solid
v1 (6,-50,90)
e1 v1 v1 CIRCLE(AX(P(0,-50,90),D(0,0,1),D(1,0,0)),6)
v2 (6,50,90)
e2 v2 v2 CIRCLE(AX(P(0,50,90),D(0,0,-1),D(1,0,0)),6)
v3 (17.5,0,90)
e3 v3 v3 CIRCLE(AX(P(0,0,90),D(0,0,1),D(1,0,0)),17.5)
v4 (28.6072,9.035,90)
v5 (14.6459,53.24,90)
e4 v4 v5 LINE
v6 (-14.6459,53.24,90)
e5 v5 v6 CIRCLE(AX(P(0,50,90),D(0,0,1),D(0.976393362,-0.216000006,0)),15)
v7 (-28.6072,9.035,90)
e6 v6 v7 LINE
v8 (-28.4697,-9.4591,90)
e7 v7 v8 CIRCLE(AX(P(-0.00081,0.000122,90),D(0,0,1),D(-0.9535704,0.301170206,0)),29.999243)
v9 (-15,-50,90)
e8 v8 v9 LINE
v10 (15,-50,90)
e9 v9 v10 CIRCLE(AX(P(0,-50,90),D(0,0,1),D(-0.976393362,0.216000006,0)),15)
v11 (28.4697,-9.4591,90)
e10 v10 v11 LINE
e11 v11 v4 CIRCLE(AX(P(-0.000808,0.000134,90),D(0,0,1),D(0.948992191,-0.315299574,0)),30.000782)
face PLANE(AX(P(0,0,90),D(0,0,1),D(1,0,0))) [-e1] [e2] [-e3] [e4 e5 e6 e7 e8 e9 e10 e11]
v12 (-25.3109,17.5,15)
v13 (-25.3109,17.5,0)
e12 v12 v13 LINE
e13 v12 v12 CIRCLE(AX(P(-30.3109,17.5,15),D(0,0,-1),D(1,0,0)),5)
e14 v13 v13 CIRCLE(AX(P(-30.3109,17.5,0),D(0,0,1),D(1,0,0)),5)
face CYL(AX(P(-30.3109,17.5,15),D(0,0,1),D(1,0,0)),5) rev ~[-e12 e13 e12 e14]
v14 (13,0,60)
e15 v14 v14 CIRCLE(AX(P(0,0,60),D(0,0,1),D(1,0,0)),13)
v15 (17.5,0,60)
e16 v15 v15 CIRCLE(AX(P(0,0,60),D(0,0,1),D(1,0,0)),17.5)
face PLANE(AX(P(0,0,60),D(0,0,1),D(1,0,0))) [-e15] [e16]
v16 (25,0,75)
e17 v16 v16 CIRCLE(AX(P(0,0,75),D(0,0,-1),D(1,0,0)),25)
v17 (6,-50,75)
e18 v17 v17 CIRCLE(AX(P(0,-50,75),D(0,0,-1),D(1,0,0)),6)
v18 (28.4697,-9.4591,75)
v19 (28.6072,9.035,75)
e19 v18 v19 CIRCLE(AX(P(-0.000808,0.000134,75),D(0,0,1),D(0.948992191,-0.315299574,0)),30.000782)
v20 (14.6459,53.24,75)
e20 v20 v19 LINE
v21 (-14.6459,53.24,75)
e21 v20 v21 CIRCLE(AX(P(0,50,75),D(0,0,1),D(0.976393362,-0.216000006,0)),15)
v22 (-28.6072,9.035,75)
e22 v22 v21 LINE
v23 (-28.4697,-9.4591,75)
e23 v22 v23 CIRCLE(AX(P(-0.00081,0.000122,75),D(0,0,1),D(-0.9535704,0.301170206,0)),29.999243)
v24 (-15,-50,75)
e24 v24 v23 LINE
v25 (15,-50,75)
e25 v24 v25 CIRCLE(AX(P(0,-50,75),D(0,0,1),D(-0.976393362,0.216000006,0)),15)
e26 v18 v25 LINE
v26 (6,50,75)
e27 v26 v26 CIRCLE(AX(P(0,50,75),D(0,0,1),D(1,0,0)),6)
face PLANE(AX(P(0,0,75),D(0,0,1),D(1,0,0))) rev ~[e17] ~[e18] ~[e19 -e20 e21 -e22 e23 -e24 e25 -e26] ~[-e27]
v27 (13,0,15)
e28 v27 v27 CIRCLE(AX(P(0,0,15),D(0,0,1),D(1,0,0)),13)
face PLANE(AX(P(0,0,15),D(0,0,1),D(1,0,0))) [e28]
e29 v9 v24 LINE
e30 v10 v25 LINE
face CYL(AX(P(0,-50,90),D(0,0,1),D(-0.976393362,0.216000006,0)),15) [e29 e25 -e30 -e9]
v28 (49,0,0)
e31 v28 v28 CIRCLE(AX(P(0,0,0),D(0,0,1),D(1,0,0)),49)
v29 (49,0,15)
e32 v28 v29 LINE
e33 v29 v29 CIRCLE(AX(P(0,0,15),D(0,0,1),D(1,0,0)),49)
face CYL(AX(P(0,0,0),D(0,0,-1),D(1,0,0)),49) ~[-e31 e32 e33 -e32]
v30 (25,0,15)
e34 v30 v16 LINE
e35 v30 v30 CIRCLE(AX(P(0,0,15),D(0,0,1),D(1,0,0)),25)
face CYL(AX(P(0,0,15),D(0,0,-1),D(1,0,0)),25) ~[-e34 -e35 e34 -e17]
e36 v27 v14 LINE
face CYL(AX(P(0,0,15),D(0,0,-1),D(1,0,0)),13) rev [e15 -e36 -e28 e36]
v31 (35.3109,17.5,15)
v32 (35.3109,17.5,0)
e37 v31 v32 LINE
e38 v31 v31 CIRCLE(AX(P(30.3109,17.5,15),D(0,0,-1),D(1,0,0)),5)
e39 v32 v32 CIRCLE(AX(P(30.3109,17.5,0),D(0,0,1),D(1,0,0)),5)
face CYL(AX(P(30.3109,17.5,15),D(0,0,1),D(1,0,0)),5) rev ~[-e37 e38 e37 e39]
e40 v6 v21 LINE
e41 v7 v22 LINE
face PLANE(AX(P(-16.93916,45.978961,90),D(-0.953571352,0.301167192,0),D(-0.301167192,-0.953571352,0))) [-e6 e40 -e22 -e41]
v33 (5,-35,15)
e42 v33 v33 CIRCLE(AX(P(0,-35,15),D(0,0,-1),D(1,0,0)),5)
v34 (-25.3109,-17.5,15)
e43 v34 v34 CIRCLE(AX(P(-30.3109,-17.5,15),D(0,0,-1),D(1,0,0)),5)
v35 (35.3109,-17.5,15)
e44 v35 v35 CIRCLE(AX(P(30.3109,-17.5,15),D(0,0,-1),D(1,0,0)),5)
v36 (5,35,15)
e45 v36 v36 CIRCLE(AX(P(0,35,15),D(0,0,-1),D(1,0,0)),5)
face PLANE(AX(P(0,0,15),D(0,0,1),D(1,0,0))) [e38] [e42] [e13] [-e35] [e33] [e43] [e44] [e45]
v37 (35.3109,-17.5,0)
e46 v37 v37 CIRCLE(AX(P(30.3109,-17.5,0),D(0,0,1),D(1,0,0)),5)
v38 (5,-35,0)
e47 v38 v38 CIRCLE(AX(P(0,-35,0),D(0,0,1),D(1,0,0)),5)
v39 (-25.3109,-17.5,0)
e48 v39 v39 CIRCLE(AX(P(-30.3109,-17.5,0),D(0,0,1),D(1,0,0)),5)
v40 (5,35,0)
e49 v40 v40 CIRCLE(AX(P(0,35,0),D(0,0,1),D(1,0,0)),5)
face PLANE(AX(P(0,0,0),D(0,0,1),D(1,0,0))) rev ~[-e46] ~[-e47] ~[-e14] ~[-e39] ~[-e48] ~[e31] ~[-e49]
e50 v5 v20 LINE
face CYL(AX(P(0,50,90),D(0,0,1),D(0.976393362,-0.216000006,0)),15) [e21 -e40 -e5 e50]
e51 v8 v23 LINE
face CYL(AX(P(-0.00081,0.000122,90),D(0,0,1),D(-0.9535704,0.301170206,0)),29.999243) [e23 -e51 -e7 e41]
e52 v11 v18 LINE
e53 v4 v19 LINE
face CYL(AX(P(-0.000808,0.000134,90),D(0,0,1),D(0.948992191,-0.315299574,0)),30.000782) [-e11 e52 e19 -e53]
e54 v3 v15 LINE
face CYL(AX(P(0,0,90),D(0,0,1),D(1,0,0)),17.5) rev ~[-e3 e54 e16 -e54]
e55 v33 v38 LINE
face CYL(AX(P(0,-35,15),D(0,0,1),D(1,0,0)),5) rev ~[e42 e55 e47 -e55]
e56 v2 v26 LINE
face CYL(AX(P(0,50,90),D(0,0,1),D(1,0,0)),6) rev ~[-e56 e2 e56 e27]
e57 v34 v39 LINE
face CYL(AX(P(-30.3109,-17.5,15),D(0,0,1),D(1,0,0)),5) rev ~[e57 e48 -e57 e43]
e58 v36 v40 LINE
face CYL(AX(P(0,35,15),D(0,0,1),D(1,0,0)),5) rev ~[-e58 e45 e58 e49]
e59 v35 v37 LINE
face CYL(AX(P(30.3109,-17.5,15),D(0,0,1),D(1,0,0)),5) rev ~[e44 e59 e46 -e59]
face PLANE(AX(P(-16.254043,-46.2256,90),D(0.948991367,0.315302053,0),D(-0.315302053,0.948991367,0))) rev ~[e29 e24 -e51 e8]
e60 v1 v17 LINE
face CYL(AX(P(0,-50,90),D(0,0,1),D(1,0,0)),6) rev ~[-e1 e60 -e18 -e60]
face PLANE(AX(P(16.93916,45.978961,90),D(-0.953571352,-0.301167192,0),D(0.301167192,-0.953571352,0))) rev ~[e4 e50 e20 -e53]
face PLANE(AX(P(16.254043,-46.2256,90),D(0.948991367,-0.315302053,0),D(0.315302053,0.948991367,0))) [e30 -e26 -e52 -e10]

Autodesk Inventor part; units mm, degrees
ref_plane "YZ Plane" through (0, 0, 0) normal (1, 0, 0) x (0, 1, 0)
ref_plane "XZ Plane" through (0, 0, 0) normal (0, 1, 0) x (-1, 0, 0)
ref_plane "XY Plane" through (0, 0, 0) normal (0, 0, 1) x (1, 0, 0)
sketch "Sketch1" plane through (0, 0, 0) normal (0, 0, 1) x (1, 0, 0)
  circle A0 centre (0, 0) radius 49
  dimension "d0" = 98
extrude "Extrusion1" add sketch "Sketch1" along normal blind 15
sketch "Sketch2" plane through (0, 0, 15) normal (0, 0, 1) x (1, 0, 0)
  circle A0 centre (0, 0) radius 35
  circle A1 centre (0, 35) radius 5
  circle A2 centre (-30.3109, 17.5) radius 5
  circle A3 centre (-30.3109, -17.5) radius 5
  circle A4 centre (0, -35) radius 5
  circle A5 centre (30.3109, -17.5) radius 5
  circle A6 centre (30.3109, 17.5) radius 5
  dimension "d3" = 70
  dimension "d4" = 10
  dimension "d7" = 360
extrude "Extrusion2" cut sketch "Sketch2" against normal up to next contours A6 A0 | A0 A6 | A5 A0 | A0 A5 | A1 A0 | A0 A1 | A4 A0 | A0 A4 | A2 A0 | A0 A2 | A3 A0 | A0 A3
sketch "Sketch3" plane through (0, 0, 15) normal (0, 0, 1) x (1, 0, 0)
  circle A0 centre (0, 0) radius 25
  dimension "d11" = 50
extrude "Extrusion3" add sketch "Sketch3" along normal blind 75
sketch "Sketch4" plane through (0, 0, 15) normal (0, 0, 1) x (1, 0, 0)
  circle A0 centre (0, 0) radius 13
  dimension "d14" = 26
extrude "Extrusion4" cut sketch "Sketch4" along normal blind 45
sketch "Sketch5" plane through (0, 0, 90) normal (0, 0, 1) x (1, 0, 0)
  line L0 (0, 0) -> (0, 50)
  line L1 (0, 0) -> (0, -50)
  arc A0 (-14.6459, -46.76) -> (14.6459, -46.76) centre (0, -50) ccw
  arc A1 (14.6459, 46.76) -> (-14.6459, 46.76) centre (0, 50) ccw
  circle A2 centre (0, 0) radius 49 projected
  circle A3 centre (0, 50) radius 6
  circle A4 centre (0, -50) radius 6
  line L2 (-15, -50) -> (-28.4697, -9.4591)
  line L3 (15, -50) -> (28.4697, -9.4591)
  line L4 (-14.6459, 53.24) -> (-28.6072, 9.035)
  line L5 (14.6459, 53.24) -> (28.6072, 9.035)
  arc A5 (-28.6072, 9.035) -> (-28.4697, -9.4591) centre (0, 0) ccw
  arc A6 (28.4697, -9.4591) -> (28.6072, 9.035) centre (0, 0) ccw
  point P0 (16.254, -46.2256)
  point P1 (16.9391, 45.979)
  point P2 (-16.9391, 45.979)
  point P3 (-16.254, -46.2256)
  dimension "d17" = 50
  dimension "d18" = 50
  dimension "d19" = 30
  dimension "d20" = 30
  dimension "d22" = 12
  dimension "d23" = 12
extrude "Extrusion5" add sketch "Sketch5" against normal blind 15 contours L1 A4 A2 L2 A5 L4 A3 L0 | L0 A3 A2 L5 A6 L3 A4 L1 | A2 A1 A3 | A2 A0 A4 | A2 L4 A1 | A1 L5 A2 | A2 L3 A0 | A0 L2 A2
sketch "Sketch6" plane through (0, 0, 90) normal (0, 0, 1) x (1, 0, 0)
  line L0 (15, -50) -> (28.4697, -9.4591) projected
  arc A0 (28.4697, -9.4591) -> (28.6072, 9.035) centre (0, 0) ccw projected
  line L1 (28.6072, 9.035) -> (14.6459, 53.24) projected
  arc A1 (14.6459, 53.24) -> (-14.6459, 53.24) centre (0, 50) ccw projected
  line L2 (-14.6459, 53.24) -> (-28.6072, 9.035) projected
  arc A2 (-28.6072, 9.035) -> (-28.4697, -9.4591) centre (0, 0) ccw projected
  line L3 (-28.4697, -9.4591) -> (-15, -50) projected
  arc A3 (-15, -50) -> (15, -50) centre (0, -50) ccw projected
  circle A4 centre (0, -50) radius 6 projected
  circle A5 centre (0, 50) radius 6 projected
  circle A6 centre (0, 0) radius 17.5
  dimension "d26" = 35
extrude "Extrusion6" cut sketch "Sketch6" against normal blind 30 contours A6
properties part number "PIEZA_3D_2EX"
